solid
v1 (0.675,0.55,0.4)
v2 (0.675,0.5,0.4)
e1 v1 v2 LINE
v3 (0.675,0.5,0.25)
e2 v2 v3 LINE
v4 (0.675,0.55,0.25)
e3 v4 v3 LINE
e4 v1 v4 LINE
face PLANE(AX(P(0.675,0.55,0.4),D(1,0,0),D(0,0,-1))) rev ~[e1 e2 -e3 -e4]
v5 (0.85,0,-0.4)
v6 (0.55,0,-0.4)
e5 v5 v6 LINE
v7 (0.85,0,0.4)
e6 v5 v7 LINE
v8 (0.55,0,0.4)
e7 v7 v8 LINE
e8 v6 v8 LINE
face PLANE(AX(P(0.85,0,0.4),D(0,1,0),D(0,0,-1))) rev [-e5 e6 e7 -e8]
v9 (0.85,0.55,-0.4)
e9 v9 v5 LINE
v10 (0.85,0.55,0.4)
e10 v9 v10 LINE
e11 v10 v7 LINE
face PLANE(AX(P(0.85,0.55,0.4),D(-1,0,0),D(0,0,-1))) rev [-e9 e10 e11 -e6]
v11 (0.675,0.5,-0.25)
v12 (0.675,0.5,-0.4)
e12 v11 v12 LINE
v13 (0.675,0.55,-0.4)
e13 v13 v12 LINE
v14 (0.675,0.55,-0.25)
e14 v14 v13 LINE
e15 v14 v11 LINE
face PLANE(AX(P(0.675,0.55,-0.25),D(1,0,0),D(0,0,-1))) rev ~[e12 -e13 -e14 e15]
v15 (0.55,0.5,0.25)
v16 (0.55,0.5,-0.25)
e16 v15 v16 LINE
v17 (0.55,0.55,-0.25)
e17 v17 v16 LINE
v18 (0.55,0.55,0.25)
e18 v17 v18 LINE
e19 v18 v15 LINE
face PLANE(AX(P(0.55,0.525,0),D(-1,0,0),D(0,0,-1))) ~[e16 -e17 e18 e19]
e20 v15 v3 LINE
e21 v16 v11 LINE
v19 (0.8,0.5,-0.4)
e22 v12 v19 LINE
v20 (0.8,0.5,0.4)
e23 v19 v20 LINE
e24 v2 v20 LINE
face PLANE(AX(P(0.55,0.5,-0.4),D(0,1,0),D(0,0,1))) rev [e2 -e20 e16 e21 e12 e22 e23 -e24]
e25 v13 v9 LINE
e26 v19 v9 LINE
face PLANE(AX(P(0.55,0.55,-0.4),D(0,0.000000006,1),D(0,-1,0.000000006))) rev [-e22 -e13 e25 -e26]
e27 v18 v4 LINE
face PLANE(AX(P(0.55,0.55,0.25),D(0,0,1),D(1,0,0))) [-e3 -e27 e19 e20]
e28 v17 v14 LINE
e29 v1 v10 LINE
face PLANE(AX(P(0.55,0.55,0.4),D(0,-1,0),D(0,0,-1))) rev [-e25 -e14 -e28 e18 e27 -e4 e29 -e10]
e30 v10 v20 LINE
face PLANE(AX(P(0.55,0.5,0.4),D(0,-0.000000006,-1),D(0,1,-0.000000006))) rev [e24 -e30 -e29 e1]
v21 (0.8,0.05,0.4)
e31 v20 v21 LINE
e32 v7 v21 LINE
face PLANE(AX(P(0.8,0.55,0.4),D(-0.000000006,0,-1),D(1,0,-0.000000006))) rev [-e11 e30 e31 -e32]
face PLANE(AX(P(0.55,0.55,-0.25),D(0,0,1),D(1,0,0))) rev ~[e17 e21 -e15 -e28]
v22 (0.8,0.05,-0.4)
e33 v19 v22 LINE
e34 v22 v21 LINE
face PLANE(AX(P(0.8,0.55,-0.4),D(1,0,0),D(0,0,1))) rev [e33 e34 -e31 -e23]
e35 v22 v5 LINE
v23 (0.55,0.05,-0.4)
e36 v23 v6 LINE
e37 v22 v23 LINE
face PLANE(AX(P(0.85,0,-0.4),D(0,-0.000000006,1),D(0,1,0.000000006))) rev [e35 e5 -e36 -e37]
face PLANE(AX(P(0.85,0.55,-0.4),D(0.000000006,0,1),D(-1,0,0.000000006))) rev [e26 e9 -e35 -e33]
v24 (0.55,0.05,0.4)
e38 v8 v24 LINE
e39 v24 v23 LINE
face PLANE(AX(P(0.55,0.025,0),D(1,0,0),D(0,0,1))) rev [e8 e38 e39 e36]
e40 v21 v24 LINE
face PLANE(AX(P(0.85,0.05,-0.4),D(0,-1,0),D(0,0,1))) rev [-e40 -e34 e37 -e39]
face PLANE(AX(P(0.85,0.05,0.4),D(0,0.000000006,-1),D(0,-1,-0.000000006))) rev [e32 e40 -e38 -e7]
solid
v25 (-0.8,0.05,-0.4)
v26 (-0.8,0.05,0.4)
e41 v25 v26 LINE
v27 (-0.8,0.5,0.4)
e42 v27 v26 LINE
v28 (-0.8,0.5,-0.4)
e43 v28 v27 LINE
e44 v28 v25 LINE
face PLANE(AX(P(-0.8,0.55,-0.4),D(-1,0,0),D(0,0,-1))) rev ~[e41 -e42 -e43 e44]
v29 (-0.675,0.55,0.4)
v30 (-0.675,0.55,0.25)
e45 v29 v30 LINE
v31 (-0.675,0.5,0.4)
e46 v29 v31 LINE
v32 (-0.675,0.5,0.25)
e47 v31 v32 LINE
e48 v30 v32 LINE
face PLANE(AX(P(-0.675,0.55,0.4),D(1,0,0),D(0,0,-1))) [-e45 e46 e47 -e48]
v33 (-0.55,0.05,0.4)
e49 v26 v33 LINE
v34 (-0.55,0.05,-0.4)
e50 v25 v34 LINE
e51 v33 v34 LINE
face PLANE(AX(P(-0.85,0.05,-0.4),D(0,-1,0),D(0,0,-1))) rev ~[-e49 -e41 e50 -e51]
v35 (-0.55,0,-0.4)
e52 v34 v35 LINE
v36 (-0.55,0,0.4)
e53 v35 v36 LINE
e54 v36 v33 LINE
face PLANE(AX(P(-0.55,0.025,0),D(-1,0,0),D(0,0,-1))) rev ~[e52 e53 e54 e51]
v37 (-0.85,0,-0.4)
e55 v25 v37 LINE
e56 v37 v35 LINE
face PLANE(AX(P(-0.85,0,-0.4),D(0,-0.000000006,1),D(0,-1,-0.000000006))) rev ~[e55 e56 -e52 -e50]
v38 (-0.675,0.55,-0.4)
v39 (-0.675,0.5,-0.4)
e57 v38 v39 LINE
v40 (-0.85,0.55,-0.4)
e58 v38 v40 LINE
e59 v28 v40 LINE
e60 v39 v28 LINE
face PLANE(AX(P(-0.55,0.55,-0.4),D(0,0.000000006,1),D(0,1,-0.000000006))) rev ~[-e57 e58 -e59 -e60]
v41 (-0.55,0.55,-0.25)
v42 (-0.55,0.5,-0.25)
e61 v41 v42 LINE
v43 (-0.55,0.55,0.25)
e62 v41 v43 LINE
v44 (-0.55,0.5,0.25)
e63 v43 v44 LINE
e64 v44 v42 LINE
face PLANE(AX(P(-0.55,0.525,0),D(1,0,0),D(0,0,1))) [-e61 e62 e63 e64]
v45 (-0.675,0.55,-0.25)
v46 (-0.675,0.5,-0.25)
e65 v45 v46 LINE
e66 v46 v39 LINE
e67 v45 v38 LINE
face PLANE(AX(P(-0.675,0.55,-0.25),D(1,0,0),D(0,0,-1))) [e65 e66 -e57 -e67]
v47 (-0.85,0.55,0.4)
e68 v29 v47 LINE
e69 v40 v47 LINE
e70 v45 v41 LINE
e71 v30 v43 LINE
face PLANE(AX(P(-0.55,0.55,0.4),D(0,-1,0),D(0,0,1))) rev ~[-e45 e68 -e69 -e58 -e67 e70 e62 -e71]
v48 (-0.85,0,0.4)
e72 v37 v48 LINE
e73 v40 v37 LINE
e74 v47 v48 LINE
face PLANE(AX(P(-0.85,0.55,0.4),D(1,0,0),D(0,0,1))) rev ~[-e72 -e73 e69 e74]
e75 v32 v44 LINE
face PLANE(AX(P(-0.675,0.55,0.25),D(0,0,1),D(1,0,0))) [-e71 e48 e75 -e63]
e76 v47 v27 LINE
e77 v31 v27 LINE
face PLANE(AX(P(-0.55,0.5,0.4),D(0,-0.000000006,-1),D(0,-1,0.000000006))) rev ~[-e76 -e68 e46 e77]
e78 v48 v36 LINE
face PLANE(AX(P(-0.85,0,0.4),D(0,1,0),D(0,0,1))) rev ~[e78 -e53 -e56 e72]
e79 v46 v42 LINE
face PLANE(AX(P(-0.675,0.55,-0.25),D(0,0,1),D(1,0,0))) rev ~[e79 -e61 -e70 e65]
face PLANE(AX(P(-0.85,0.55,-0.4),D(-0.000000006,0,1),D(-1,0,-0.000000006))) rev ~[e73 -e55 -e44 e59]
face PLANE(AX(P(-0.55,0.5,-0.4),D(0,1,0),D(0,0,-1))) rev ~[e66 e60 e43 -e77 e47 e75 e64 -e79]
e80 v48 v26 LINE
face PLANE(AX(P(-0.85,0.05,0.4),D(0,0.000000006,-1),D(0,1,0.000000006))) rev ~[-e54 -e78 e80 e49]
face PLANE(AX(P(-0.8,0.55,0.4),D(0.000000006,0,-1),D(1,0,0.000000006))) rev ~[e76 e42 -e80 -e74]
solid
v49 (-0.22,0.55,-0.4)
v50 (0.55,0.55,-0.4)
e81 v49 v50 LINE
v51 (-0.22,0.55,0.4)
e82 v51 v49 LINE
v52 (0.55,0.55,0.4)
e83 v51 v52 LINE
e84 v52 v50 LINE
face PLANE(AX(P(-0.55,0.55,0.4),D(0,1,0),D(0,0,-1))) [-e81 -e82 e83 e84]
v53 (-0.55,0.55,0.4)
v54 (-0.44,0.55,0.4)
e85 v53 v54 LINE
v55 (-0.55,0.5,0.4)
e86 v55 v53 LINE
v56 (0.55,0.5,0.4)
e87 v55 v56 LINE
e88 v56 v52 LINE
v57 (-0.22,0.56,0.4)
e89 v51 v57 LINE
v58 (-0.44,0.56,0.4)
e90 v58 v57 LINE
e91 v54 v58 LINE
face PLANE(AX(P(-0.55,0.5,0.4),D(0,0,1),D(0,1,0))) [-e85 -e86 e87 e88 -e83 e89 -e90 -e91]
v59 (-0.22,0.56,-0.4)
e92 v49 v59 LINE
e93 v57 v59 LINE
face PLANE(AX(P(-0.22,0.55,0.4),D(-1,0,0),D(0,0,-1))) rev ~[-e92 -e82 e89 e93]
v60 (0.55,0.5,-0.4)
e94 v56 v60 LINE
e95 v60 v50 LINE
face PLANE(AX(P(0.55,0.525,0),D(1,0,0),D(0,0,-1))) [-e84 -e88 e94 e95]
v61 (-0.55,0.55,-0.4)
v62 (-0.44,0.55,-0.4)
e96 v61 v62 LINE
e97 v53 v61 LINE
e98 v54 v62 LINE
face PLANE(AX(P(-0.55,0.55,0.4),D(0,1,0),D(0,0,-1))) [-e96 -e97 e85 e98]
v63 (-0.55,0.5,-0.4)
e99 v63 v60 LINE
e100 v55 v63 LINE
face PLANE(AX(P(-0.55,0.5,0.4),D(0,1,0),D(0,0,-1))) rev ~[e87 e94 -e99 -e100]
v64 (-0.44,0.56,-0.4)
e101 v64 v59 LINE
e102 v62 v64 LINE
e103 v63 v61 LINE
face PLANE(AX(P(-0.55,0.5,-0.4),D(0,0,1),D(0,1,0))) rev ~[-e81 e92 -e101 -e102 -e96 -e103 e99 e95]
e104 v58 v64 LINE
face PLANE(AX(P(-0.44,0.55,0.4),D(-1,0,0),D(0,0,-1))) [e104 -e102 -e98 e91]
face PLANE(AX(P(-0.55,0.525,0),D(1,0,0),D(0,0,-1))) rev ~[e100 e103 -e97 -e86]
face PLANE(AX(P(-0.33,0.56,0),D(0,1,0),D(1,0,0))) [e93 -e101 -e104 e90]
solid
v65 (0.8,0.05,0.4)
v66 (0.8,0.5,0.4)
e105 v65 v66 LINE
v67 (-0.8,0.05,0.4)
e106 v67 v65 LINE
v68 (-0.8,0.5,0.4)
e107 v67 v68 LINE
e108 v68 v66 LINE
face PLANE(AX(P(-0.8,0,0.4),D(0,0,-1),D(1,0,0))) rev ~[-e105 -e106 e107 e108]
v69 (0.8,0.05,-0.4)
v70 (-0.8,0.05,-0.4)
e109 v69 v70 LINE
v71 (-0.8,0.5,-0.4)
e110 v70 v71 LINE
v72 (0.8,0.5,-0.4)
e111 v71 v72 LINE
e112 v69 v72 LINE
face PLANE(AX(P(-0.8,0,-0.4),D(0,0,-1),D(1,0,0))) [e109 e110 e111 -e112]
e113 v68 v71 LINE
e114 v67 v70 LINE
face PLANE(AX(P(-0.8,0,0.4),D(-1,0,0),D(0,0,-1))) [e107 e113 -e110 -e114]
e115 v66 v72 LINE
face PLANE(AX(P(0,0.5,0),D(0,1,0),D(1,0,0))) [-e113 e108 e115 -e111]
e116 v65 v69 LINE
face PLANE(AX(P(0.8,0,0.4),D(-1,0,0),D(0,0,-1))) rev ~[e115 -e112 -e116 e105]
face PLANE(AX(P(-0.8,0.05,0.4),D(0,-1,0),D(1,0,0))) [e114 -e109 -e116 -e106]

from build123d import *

# Parameters (mm, degrees)
CROQUIS1_W          = 1.6
CROQUIS1_H          = 0.8
EXTRUIR1_DEPTH      = 0.5
CROQUIS2_W          = 1.6
CROQUIS2_H          = 0.05
EXTRUIR2_DEPTH      = 2.236931688
CROQUIS4_W          = 0.8
CROQUIS4_H          = 0.05
EXTRUIR3_DEPTH      = 1.1
CROQUIS5_W          = 0.125
CROQUIS5_H          = 0.15
EXTRUIR4_DEPTH      = 0.05
SKETCH1_W           = 0.22
SKETCH1_H           = 0.8
BOSS_EXTRUDE1_DEPTH = 0.01


with BuildPart() as part:
    # Croquis1 → Extruir1 (new body)
    with BuildSketch(Plane(origin=(0, 0, 0), x_dir=(1, 0, 0), z_dir=(0, 1, 0))):
        Rectangle(CROQUIS1_W, CROQUIS1_H)
    extrude(amount=EXTRUIR1_DEPTH)

    # Croquis2 → Extruir2 (cut, through all)
    with BuildSketch(Plane.XY.offset(0.4)):
        with Locations((0, 0.025)):
            Rectangle(CROQUIS2_W, CROQUIS2_H)
    extrude(amount=-EXTRUIR2_DEPTH, mode=Mode.SUBTRACT)


with BuildPart() as body_2:
    # Barrer1: sweep along a path in Croquis3
    with BuildLine(Plane.XY.offset(0.4)) as barrer1_path:
        Line((-0.55, 0.55), (-0.85, 0.55))
        Line((-0.85, 0.55), (-0.85, 0))
        Line((-0.85, 0), (-0.55, 0))
    # Croquis3D1 → Barrer1 (sweep)
    with BuildSketch(Plane(origin=(-0.55, 0.55, 0.4), x_dir=(0, -0.06237828615518069, -0.9980525784828886), z_dir=(1, 0, 0))):
        Polygon((0, 0), (0.798442063, 0.049902629), (0.801560977, 0), (0.003118914, -0.049902629), align=None)
    sweep(path=barrer1_path.line, transition=Transition.RIGHT)


with BuildPart() as body_3:
    # Simetría1: mirrored copy
    add(body_2.part.mirror(Plane(origin=(0, 0.5, 0.4), x_dir=(0, 0, 1), z_dir=(1, 0, 0))))


with BuildPart() as body_4:
    # Croquis4 → Extruir3 (new body)
    with BuildSketch(Plane(origin=(-0.55, 0, 0), x_dir=(0, 0, -1), z_dir=(1, 0, 0))):
        with Locations((0, 0.525)):
            Rectangle(CROQUIS4_W, CROQUIS4_H)
    extrude(amount=EXTRUIR3_DEPTH)

    # Sketch1 → Boss-Extrude1 (add)
    with BuildSketch(Plane(origin=(0, 0.55, 0), x_dir=(1, 0, 0), z_dir=(0, 1, 0))):
        with Locations((-0.33, 0)):
            Rectangle(SKETCH1_W, SKETCH1_H)
    extrude(amount=BOSS_EXTRUDE1_DEPTH)


with BuildPart() as extruir4_tool:
    # Croquis5 → Extruir4 (new body)
    with BuildSketch(Plane(origin=(0, 0.55, 0), x_dir=(1, 0, 0), z_dir=(0, 1, 0))):
        with Locations((-0.6125, -0.325)):
            Rectangle(CROQUIS5_W, CROQUIS5_H)
        with Locations((-0.6125, 0.325)):
            Rectangle(CROQUIS5_W, CROQUIS5_H)
        with Locations((0.6125, 0.325)):
            Rectangle(CROQUIS5_W, CROQUIS5_H)
        with Locations((0.6125, -0.325)):
            Rectangle(CROQUIS5_W, CROQUIS5_H)
    extrude(amount=-EXTRUIR4_DEPTH)


with BuildPart() as body_2_1:
    add(body_2.part)

    # Extruir4: cut by extruir4_tool
    add(extruir4_tool.part, mode=Mode.SUBTRACT)


with BuildPart() as body_3_1:
    add(body_3.part)

    # Extruir4: cut by extruir4_tool
    add(extruir4_tool.part, mode=Mode.SUBTRACT)


solid = Compound([part.part, body_4.part, body_2_1.part, body_3_1.part])
